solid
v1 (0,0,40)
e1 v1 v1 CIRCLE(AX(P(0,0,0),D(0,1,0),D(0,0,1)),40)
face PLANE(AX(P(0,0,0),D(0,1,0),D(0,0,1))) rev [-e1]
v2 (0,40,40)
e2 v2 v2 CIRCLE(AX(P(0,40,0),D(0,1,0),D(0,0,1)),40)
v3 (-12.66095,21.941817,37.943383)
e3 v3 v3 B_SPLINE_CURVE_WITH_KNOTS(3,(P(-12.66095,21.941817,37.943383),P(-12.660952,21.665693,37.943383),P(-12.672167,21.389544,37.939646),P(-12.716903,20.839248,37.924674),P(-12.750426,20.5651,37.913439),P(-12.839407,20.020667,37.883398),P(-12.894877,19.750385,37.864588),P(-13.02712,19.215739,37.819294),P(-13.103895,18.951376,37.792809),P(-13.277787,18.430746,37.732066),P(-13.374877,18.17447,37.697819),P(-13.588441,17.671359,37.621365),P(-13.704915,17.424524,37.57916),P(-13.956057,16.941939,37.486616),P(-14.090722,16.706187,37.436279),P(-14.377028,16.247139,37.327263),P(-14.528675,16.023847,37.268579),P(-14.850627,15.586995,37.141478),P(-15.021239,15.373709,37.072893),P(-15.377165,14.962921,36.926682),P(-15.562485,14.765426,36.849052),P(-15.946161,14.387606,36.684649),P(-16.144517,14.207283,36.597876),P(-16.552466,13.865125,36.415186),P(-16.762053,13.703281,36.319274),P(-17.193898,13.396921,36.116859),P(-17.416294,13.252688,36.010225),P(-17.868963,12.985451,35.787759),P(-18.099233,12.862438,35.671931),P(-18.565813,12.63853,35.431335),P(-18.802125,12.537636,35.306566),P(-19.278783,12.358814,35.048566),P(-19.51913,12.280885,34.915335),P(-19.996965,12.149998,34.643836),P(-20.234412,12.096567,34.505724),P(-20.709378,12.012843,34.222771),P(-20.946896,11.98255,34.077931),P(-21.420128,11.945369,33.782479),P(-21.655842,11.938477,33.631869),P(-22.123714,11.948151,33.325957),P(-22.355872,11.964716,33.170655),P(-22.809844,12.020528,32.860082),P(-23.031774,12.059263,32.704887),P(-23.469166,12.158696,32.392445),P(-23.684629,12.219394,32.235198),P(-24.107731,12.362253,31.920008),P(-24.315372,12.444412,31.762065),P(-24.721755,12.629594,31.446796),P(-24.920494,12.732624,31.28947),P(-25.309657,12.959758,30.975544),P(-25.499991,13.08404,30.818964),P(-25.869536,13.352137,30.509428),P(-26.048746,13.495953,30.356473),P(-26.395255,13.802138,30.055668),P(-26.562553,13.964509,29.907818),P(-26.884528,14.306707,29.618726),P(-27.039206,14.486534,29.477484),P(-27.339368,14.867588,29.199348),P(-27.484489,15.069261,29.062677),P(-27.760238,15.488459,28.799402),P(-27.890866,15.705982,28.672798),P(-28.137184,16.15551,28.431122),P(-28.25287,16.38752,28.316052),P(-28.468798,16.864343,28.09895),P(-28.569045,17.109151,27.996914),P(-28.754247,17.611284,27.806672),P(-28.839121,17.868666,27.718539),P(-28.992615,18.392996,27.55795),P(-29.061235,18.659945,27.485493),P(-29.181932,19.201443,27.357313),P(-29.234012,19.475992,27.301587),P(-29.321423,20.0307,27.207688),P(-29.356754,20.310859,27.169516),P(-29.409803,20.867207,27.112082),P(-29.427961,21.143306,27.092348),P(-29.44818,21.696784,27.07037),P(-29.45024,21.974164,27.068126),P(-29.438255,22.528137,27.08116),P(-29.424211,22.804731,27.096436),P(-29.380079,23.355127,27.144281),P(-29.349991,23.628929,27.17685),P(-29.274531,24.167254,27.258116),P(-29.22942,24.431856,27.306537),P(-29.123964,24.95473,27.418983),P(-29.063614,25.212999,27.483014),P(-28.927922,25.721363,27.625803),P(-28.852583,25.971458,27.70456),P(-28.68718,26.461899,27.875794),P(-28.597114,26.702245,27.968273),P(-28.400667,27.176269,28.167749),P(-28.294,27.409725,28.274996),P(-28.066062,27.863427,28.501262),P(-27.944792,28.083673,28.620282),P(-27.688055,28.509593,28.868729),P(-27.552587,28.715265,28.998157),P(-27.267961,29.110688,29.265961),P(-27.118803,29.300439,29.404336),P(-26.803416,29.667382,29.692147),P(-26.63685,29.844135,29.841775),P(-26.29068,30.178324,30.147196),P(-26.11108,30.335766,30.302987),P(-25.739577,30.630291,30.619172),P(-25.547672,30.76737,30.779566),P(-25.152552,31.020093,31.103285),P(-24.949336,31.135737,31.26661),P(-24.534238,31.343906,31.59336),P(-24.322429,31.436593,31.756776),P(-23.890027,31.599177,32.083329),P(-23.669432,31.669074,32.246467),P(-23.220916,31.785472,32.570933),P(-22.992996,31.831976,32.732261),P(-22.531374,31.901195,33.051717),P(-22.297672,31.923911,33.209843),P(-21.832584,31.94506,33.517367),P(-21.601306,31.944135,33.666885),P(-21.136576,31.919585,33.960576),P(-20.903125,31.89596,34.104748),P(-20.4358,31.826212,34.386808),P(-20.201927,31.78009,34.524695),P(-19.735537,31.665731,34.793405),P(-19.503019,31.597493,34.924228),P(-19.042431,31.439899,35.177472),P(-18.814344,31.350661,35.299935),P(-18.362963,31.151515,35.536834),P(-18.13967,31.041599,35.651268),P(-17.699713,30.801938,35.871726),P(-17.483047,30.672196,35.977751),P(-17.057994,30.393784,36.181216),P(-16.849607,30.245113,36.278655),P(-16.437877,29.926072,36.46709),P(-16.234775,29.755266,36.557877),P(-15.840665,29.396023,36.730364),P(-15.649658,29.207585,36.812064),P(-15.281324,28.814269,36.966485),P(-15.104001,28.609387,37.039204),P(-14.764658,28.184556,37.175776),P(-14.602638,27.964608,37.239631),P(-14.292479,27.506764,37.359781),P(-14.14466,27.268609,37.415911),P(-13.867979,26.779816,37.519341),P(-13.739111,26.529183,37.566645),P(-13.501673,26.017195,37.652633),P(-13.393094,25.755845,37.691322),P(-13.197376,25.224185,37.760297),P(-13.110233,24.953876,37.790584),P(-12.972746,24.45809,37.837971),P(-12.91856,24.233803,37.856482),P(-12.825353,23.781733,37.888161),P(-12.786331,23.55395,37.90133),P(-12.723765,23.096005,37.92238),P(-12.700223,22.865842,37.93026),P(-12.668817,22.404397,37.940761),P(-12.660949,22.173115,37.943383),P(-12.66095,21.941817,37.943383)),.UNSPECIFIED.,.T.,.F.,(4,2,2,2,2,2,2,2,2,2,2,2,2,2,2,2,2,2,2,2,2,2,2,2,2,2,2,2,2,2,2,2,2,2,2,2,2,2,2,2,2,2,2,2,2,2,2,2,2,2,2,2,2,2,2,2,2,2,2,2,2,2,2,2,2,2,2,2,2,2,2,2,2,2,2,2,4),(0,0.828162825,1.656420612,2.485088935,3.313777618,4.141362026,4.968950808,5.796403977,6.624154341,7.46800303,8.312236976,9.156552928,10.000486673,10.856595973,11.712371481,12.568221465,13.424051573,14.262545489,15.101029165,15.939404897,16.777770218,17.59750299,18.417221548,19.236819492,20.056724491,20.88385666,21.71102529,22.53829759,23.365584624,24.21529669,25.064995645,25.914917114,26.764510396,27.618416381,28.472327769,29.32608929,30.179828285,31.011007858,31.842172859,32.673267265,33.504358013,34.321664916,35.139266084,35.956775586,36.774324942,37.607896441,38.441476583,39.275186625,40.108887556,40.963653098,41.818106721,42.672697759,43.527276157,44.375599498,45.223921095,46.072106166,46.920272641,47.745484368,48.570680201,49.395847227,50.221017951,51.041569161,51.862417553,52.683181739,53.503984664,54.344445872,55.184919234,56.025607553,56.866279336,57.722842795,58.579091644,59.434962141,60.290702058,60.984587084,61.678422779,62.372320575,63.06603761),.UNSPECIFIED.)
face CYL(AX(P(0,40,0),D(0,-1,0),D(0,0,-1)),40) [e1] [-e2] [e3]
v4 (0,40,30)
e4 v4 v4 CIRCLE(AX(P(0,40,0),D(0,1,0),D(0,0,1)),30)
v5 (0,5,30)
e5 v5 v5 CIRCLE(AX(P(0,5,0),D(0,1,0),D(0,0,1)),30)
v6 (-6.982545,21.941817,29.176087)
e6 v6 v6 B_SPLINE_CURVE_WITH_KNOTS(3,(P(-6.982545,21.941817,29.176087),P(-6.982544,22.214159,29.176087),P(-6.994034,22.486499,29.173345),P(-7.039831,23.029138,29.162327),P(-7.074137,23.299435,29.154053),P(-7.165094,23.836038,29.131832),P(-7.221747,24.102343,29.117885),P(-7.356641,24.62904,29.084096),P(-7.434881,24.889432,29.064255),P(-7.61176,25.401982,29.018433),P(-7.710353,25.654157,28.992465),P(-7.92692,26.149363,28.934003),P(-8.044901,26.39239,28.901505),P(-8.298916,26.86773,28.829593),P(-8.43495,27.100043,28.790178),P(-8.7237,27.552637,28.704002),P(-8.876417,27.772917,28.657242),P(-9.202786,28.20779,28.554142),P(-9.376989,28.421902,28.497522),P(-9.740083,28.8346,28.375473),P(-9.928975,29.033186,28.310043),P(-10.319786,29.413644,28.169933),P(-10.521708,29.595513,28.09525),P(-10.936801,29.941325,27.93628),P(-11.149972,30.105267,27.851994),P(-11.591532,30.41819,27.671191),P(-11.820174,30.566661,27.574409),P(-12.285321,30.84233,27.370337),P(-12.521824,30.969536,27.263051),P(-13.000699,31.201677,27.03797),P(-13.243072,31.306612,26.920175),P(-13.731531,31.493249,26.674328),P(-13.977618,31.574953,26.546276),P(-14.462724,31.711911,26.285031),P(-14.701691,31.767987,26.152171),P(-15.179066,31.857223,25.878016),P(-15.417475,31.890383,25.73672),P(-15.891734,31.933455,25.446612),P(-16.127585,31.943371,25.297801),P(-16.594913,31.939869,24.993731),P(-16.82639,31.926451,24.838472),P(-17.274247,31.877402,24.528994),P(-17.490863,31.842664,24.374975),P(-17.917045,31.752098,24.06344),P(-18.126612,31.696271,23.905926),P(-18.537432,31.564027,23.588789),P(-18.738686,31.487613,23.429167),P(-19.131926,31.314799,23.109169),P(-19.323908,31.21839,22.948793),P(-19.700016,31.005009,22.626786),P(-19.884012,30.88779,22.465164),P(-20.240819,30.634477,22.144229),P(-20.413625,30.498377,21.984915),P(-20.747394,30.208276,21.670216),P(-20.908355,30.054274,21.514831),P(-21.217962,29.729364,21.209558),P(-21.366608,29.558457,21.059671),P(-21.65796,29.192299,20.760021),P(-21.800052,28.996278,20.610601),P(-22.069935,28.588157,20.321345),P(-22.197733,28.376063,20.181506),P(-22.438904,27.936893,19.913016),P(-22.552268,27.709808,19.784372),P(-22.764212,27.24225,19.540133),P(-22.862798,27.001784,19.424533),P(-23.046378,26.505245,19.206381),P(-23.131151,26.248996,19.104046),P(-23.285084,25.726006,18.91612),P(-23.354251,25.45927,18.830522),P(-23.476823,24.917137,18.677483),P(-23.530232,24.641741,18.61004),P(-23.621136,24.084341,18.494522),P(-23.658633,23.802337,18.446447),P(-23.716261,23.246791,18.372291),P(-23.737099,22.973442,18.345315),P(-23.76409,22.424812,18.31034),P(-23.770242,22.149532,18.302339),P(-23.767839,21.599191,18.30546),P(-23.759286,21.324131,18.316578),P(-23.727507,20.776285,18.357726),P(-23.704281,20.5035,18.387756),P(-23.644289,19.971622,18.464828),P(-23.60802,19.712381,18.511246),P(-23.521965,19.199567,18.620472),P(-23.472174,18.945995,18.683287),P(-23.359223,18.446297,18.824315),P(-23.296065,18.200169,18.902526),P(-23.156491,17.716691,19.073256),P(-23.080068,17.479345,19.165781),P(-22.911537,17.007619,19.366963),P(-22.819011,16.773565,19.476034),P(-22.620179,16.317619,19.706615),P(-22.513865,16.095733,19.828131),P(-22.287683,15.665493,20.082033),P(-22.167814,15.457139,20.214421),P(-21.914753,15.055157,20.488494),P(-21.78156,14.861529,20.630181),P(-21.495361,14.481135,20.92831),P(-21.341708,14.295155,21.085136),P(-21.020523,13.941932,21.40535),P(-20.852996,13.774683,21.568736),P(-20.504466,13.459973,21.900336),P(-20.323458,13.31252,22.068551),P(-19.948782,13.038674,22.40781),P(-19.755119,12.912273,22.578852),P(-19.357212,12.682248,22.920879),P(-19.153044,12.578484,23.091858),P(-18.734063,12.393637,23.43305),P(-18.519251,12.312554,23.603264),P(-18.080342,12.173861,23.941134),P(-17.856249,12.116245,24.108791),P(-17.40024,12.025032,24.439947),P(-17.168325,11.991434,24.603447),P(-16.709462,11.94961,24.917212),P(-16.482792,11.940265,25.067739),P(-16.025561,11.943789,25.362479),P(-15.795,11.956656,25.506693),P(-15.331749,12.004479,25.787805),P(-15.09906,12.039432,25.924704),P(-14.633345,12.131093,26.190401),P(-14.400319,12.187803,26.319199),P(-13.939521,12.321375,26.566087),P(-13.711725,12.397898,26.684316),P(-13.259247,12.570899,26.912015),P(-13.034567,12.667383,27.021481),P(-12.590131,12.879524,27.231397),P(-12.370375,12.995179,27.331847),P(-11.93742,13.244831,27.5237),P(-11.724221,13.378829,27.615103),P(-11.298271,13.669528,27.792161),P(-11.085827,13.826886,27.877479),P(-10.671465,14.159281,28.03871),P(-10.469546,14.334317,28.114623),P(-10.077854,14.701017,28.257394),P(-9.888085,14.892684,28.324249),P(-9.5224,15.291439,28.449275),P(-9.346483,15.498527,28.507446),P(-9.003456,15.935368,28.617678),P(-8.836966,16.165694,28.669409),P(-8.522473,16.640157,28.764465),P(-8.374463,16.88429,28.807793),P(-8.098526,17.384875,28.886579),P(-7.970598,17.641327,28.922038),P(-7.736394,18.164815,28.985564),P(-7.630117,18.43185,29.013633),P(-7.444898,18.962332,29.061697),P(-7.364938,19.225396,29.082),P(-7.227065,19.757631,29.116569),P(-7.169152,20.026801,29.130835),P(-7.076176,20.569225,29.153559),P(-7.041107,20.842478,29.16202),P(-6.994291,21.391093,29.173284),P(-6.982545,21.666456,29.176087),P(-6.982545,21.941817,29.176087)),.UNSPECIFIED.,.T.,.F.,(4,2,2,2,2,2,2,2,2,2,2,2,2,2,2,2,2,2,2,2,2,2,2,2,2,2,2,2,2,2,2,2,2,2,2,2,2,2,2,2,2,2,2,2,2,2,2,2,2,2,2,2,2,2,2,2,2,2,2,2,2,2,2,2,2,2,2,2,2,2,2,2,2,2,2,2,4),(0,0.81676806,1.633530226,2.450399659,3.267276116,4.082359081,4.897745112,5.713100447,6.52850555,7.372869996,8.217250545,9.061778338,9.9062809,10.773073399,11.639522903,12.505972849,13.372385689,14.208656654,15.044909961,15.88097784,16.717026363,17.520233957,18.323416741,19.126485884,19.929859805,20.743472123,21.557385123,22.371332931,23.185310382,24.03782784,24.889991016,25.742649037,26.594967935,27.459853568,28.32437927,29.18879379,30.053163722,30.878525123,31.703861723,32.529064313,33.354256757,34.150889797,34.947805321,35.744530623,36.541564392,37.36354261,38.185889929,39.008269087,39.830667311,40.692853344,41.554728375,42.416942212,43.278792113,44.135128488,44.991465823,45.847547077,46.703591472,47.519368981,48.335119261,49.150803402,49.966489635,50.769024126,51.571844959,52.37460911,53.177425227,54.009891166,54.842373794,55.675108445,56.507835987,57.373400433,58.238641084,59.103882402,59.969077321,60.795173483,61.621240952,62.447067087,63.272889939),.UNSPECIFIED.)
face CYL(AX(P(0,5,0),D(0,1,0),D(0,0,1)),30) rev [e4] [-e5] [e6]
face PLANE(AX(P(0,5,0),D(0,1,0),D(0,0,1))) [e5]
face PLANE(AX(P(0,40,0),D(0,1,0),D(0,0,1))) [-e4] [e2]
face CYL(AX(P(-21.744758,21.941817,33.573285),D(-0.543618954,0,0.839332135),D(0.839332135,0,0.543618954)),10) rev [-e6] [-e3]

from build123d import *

# Parameters (mm, degrees)
SKETCH_1_R          = 40
EXTRUDE_1_DEPTH     = 40
SKETCH_3_R          = 30
CUT_EXTRUDE_2_DEPTH = 35
F_20_0MM_1_REACH    = 100.524
F_20_0MM_1_BORE_R   = 10


with BuildPart() as part:
    # 草圖1 → 填料-伸長1 (new body)
    with BuildSketch(Plane(origin=(0, 0, 0), x_dir=(1, 0, 0), z_dir=(0, 1, 0))):
        with Locations(Location((0, 0, 0), (0, 0, 270))):
            Circle(SKETCH_1_R)
    extrude(amount=EXTRUDE_1_DEPTH)

    # 草圖3 → 除料-伸長2 (cut)
    with BuildSketch(Plane(origin=(0, 40, 0), x_dir=(1, 0, 0), z_dir=(0, 1, 0))):
        with Locations(Location((0, 0, 0), (0, 0, 270))):
            Circle(SKETCH_3_R)
    extrude(amount=-CUT_EXTRUDE_2_DEPTH, mode=Mode.SUBTRACT)

    # Ø20.0mm 定位孔1 bore (on position points) → Ø20.0mm 定位孔1 (cut, up to next)
    with BuildSketch(Plane(origin=(-21.744758151, 21.94181737, 33.573285406), x_dir=(0.839332135156, 0, 0.543618953768), z_dir=(-0.543618953768, 0, 0.839332135156)), mode=Mode.PRIVATE) as f_20_0mm_1_sk1:
        Circle(F_20_0MM_1_BORE_R)
    f_20_0mm_1_tool1 = extrude(f_20_0mm_1_sk1.sketch, amount=-F_20_0MM_1_REACH, mode=Mode.PRIVATE) & part.part
    add(f_20_0mm_1_tool1.solids().sort_by_distance((-21.744758, 21.941817, 33.573285))[0], mode=Mode.SUBTRACT)


solid = part.part
